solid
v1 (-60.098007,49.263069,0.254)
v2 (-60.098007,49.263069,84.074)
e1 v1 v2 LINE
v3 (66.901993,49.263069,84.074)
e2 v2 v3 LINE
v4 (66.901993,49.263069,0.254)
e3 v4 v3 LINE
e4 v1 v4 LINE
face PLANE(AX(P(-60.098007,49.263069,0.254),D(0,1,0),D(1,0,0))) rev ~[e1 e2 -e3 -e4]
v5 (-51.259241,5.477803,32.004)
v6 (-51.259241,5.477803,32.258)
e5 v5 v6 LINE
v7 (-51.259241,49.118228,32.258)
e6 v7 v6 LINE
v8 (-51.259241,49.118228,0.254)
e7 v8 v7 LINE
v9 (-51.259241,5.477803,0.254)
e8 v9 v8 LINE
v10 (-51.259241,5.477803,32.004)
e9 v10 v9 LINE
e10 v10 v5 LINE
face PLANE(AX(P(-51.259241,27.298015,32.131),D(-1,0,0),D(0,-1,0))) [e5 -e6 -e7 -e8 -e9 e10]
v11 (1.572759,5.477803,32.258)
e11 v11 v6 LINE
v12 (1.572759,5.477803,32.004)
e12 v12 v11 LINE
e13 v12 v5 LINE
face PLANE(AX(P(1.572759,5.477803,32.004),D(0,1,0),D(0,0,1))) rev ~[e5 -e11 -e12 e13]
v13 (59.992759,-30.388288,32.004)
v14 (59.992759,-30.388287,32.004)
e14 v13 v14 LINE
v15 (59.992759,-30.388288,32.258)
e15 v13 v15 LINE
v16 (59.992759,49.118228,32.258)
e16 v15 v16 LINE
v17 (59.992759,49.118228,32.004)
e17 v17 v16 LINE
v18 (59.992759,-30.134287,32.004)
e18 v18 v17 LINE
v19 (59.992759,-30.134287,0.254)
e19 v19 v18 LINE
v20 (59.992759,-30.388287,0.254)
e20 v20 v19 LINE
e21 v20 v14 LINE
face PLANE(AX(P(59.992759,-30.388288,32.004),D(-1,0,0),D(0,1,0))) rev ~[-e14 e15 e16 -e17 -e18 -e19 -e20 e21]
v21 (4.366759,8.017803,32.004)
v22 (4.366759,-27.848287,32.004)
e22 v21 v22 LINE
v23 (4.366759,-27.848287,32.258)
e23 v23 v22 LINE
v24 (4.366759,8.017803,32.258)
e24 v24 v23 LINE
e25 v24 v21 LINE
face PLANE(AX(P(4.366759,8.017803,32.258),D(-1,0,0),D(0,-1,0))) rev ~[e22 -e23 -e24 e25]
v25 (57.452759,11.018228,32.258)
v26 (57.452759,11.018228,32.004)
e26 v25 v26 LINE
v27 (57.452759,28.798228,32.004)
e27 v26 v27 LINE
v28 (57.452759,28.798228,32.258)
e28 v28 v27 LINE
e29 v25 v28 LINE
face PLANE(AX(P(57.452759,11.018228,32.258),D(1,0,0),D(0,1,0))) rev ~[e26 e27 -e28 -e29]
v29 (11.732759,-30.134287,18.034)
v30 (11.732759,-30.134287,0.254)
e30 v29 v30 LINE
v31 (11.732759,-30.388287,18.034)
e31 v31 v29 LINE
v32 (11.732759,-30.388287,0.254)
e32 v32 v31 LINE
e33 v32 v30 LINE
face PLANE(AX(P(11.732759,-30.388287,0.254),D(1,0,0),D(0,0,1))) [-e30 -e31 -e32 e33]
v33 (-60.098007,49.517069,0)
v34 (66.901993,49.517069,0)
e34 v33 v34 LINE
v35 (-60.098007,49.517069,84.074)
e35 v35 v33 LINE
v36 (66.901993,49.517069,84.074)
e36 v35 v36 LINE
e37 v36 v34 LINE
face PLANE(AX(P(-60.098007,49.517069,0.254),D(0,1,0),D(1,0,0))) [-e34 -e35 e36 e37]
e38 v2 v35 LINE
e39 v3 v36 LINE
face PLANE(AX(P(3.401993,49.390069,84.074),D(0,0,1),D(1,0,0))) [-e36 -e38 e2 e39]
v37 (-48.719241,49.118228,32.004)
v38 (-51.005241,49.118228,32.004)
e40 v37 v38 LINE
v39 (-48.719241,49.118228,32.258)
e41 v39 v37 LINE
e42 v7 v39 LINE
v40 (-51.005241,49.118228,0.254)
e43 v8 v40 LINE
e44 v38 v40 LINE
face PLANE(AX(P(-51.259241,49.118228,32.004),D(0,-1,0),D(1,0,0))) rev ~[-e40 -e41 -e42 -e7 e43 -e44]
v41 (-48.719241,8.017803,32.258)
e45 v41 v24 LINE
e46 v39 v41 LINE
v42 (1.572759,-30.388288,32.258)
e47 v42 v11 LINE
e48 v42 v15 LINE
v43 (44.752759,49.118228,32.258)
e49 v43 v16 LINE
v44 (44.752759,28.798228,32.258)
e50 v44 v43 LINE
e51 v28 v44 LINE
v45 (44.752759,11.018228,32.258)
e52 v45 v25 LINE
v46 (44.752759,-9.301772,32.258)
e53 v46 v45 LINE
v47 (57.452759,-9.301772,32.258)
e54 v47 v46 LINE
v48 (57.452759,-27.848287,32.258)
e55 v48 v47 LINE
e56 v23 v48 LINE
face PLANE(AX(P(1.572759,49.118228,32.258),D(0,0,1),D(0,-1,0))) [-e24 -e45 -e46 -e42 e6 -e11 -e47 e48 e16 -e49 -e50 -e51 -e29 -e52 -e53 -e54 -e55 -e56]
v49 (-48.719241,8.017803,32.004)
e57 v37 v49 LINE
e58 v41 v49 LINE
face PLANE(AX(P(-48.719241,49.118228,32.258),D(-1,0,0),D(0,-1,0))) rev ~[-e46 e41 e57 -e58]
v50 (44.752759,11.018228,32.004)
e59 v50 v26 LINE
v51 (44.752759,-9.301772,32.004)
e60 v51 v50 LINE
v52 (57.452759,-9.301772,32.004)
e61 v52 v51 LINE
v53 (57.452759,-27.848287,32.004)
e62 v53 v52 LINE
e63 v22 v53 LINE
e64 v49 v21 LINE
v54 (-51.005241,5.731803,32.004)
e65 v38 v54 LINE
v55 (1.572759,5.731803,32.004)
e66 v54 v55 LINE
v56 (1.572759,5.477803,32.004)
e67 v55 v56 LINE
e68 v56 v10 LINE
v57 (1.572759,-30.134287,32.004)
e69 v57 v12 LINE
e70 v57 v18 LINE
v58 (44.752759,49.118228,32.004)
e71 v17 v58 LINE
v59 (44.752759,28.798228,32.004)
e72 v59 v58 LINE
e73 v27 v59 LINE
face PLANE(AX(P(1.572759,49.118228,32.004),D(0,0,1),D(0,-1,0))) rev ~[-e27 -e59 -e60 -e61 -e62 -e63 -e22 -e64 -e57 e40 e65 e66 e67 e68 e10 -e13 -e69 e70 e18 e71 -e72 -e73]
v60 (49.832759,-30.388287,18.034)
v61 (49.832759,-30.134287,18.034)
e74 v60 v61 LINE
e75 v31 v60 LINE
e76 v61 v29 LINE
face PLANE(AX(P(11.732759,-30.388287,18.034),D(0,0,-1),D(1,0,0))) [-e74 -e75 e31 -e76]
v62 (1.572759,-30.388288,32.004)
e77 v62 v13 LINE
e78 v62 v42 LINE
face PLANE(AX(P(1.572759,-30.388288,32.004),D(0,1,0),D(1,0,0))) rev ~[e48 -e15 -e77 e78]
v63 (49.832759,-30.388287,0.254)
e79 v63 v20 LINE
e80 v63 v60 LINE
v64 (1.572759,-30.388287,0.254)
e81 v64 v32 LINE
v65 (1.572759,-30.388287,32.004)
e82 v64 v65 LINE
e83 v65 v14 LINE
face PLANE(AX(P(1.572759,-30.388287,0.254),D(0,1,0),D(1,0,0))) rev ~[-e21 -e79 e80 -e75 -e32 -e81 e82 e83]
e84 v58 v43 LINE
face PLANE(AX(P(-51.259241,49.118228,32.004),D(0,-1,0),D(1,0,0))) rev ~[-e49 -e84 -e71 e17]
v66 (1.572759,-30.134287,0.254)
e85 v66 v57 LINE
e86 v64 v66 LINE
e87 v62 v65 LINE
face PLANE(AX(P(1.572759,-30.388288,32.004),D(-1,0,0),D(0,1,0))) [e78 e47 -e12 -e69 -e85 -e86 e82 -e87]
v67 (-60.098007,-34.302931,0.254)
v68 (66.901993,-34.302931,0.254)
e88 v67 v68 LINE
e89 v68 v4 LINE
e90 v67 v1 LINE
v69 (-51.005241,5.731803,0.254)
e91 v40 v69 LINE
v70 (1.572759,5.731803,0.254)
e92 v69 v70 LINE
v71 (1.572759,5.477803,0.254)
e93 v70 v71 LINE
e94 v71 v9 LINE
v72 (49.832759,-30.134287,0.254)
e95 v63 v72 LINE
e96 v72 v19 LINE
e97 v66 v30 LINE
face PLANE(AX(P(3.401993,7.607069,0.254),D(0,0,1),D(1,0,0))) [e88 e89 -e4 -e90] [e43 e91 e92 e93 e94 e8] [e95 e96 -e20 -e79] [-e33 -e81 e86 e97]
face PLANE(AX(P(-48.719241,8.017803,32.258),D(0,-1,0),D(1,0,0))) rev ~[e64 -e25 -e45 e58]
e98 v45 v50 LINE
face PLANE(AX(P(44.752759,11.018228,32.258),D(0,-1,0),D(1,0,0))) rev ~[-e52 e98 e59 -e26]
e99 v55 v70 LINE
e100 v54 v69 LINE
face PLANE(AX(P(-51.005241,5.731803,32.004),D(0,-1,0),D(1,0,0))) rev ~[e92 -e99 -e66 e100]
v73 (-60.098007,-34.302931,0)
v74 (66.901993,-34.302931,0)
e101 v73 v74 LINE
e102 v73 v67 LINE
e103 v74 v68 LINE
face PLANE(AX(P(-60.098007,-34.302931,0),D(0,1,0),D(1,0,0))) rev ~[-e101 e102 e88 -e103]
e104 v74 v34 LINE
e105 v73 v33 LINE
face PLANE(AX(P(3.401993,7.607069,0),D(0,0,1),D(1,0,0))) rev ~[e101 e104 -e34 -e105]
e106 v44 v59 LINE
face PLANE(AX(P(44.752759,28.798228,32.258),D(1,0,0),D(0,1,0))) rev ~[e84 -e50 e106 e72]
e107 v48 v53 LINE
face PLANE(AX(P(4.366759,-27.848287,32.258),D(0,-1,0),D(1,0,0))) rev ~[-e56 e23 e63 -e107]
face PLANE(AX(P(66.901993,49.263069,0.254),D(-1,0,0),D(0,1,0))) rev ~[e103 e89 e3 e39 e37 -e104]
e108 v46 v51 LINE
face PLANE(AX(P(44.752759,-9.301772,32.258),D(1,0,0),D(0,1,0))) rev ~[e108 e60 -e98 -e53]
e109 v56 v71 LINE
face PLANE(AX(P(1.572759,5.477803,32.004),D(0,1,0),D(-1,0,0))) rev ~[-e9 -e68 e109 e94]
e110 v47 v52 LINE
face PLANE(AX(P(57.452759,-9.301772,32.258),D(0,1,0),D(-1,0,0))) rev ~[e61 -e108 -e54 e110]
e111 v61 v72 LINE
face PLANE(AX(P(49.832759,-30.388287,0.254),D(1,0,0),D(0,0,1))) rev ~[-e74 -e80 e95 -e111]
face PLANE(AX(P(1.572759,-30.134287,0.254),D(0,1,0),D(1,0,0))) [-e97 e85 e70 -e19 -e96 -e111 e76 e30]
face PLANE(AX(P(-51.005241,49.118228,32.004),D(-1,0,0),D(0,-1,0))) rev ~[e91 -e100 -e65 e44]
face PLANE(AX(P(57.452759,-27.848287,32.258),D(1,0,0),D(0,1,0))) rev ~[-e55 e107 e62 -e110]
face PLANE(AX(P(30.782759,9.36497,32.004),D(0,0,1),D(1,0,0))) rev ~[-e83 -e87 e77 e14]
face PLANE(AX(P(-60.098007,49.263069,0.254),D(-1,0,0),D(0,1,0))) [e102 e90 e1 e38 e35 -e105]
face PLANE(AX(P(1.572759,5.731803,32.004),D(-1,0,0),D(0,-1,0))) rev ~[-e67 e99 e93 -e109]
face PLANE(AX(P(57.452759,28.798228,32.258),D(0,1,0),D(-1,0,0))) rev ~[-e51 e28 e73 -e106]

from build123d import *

# Parameters (mm, degrees)
F0_W      = 127
F0_H      = 83.82
F1_DEPTH  = 0.254
F2_W      = 127
F2_H      = 0.254
F3_DEPTH  = 83.82
F4_W      = 58.42
F4_H      = 0.254
F5_DEPTH  = 31.75
F6_W      = 58.42
F6_H      = 79.506515
F7_DEPTH  = 0.254
F8_W      = 43.640425
F8_H      = 0.254
F9_DEPTH  = 52.832
F10_W     = 0.254
F10_H     = 43.386425
F11_DEPTH = 31.75
F13_DEPTH = 5.334
F14_W     = 38.1
F14_H     = 17.78
F15_DEPTH = 25.4


with BuildPart() as f1:
    # F0 (on Top) → F1 (new body)
    with BuildSketch(Plane.XY):
        with Locations((3.401993, 7.607069)):
            Rectangle(F0_W, F0_H)
    extrude(amount=F1_DEPTH)

    # F2 (on face) → F3 (join)
    with BuildSketch(Plane.XY.offset(0.254)):
        with Locations((3.401993, 49.390069)):
            Rectangle(F2_W, F2_H)
    extrude(amount=F3_DEPTH)

    # F4 (on face) → F5 (join)
    with BuildSketch(Plane.XY.offset(0.254)):
        with Locations((30.782759, -30.261287)):
            Rectangle(F4_W, F4_H)
    extrude(amount=F5_DEPTH)

    # F6 (on face) → F7 (join)
    with BuildSketch(Plane.XY.offset(32.004)):
        with Locations((30.782759, 9.36497)):
            Rectangle(F6_W, F6_H)
    extrude(amount=F7_DEPTH)

    # F8 (on face) → F9 (join)
    with BuildSketch(Plane(origin=(1.572759, 0, 0), x_dir=(0, -1, 0), z_dir=(-1, 0, 0))):
        with Locations((-27.298015, 32.131)):
            Rectangle(F8_W, F8_H)
    extrude(amount=F9_DEPTH)

    # F10 (on face) → F11 (join, through all)
    with BuildSketch(Plane(origin=(0, 0, 32.004), x_dir=(1, 0, 0), z_dir=(0, 0, -1))):
        Polygon((1.572759, -5.731803), (1.572759, -5.477803), (-51.259241, -5.477803), (-51.259241, -5.731803), (-51.005241, -5.731803), align=None)
        with Locations((-51.132241, -27.425015)):
            Rectangle(F10_W, F10_H)
    extrude(amount=F11_DEPTH)

    # F12 (on face) → F13 (cut)
    with BuildSketch(Plane.XY.offset(32.258)):
        Polygon((-48.719241, 49.118228), (-48.719241, 8.017803), (4.366759, 8.017803), (4.366759, -27.848287), (57.452759, -27.848287), (57.452759, -9.301772), (44.752759, -9.301772), (44.752759, 11.018228), (57.452759, 11.018228), (57.452759, 28.798228), (44.752759, 28.798228), (44.752759, 49.118228), align=None)
    extrude(amount=-F13_DEPTH, mode=Mode.SUBTRACT)

    # F14 (on face) → F15 (cut)
    with BuildSketch(Plane.XZ.offset(30.388287)):
        with Locations((30.782759, 9.144)):
            Rectangle(F14_W, F14_H)
    extrude(amount=-F15_DEPTH, mode=Mode.SUBTRACT)


solid = f1.part
